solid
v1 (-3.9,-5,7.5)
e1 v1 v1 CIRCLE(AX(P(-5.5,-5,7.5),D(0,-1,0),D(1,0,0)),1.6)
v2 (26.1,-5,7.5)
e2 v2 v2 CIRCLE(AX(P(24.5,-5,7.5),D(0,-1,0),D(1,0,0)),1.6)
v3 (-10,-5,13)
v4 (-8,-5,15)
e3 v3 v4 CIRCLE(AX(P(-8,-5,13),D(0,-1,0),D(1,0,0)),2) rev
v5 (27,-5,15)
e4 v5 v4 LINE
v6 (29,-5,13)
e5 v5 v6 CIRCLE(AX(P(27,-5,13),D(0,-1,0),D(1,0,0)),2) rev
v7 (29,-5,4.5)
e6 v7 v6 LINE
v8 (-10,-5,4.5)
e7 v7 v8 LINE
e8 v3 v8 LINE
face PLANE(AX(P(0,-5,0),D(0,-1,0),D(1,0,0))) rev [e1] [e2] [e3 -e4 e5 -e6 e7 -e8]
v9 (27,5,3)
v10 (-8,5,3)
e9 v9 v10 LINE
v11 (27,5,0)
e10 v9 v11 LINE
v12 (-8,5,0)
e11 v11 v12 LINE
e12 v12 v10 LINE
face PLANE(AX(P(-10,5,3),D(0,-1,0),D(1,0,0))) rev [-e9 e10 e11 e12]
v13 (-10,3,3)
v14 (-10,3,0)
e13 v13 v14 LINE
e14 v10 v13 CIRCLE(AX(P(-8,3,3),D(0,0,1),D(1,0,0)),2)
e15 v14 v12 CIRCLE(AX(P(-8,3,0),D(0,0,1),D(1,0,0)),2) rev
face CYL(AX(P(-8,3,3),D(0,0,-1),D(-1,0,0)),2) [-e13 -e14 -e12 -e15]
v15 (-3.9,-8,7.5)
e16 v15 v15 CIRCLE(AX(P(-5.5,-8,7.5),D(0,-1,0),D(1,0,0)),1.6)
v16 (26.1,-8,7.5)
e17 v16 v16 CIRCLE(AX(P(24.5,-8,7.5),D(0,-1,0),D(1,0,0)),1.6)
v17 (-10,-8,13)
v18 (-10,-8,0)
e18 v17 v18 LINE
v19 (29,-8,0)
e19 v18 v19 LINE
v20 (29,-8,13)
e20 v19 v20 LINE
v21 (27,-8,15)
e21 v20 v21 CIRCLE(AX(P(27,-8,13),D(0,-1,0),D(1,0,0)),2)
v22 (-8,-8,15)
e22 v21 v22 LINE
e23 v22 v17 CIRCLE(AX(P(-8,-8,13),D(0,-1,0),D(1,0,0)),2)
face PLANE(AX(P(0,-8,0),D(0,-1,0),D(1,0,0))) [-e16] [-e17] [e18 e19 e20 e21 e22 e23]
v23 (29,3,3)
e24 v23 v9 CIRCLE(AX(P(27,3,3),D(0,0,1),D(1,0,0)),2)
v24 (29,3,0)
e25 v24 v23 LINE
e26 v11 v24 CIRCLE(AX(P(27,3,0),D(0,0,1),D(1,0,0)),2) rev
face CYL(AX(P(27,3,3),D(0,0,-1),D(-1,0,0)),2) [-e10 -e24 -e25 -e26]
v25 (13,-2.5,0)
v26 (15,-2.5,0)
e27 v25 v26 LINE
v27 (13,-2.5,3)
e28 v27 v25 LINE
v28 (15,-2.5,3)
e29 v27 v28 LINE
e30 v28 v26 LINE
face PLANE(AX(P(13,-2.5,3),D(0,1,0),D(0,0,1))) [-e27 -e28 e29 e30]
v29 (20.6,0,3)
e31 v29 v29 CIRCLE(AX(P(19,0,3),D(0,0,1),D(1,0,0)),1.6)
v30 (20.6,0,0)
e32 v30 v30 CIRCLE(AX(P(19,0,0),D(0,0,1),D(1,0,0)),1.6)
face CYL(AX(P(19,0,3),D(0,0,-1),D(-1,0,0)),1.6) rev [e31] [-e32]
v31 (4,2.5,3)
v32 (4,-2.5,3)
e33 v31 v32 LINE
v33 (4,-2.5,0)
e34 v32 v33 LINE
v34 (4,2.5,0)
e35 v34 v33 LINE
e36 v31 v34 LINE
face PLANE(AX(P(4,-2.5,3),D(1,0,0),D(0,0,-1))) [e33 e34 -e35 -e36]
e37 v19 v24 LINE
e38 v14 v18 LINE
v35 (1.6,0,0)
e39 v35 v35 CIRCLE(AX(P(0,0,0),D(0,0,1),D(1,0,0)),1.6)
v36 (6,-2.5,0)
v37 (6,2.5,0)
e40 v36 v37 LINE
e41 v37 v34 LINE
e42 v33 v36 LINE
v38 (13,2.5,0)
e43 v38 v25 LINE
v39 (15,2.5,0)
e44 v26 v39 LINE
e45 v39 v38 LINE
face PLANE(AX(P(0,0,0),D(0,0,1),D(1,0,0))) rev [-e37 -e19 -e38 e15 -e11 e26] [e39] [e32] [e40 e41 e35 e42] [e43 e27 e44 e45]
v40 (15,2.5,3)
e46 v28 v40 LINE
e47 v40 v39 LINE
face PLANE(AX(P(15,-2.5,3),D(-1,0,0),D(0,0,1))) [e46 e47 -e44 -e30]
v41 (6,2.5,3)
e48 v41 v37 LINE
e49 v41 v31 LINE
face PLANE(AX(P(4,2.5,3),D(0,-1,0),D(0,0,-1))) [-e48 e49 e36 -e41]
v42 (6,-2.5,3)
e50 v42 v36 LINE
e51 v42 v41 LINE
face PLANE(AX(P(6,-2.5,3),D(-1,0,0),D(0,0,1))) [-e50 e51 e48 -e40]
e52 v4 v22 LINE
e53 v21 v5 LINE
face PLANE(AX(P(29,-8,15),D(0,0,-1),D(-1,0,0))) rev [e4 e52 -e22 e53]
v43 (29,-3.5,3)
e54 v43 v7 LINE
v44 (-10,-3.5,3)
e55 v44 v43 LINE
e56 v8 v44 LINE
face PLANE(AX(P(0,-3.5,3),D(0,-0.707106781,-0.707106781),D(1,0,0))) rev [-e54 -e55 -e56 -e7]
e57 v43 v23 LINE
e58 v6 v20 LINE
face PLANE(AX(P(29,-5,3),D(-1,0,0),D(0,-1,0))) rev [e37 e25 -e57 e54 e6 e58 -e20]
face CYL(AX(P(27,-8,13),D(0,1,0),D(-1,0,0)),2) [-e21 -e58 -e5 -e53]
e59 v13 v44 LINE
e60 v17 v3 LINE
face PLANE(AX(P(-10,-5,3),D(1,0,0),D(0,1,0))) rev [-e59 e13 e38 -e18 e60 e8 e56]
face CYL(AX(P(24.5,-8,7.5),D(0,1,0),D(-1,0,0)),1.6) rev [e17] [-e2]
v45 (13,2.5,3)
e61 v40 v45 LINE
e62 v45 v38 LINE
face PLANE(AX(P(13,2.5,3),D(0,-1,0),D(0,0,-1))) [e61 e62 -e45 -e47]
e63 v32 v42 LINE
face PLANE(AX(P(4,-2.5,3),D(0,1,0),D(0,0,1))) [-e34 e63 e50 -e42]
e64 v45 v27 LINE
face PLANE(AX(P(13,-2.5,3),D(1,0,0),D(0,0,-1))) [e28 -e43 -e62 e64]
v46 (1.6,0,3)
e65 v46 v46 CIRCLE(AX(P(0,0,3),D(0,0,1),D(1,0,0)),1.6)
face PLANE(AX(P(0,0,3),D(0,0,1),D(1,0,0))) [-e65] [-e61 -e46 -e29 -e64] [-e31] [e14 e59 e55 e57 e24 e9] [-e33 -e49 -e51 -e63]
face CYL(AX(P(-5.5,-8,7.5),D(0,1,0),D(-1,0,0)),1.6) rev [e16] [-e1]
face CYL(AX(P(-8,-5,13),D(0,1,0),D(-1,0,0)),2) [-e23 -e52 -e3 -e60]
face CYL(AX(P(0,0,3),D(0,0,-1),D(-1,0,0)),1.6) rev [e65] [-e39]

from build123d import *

# Parameters (mm, degrees)
SKETCH_1_W      = 39
SKETCH_1_H      = 10
SKETCH_1_R      = 1.6
SKETCH_1_W_2    = 2
SKETCH_1_H_2    = 5
EXTRUDE_1_DEPTH = 3
SKETCH_2_W      = 39
SKETCH_2_H      = 15
SKETCH_2_R      = 1.6
EXTRUDE_2_DEPTH = 3
CHAMFER_1_SIZE  = 1.5
FILLET_1_R      = 2


with BuildPart() as part:
    # ｽｹｯﾁ1 → ﾎﾞｽ - 押し出し1 (new body)
    with BuildSketch(Plane.XY):
        with Locations((9.5, 0)):
            Rectangle(SKETCH_1_W, SKETCH_1_H)
        Circle(SKETCH_1_R, mode=Mode.SUBTRACT)
        with Locations((19, 0)):
            Circle(SKETCH_1_R, mode=Mode.SUBTRACT)
        with Locations((5, 0)):
            Rectangle(SKETCH_1_W_2, SKETCH_1_H_2, mode=Mode.SUBTRACT)
        with Locations((14, 0)):
            Rectangle(SKETCH_1_W_2, SKETCH_1_H_2, mode=Mode.SUBTRACT)
    extrude(amount=EXTRUDE_1_DEPTH)

    # ｽｹｯﾁ2 → ﾎﾞｽ - 押し出し2 (add)
    with BuildSketch(Plane.XZ.offset(5)):
        with Locations((9.5, 7.5)):
            Rectangle(SKETCH_2_W, SKETCH_2_H)
        with Locations((-5.5, 7.5)):
            Circle(SKETCH_2_R, mode=Mode.SUBTRACT)
        with Locations((24.5, 7.5)):
            Circle(SKETCH_2_R, mode=Mode.SUBTRACT)
    extrude(amount=EXTRUDE_2_DEPTH)

    # 面取り1
    chamfer_1_edges = [part.edges().sort_by_distance(p)[0] for p in [
        (9.5, -5, 3),
    ]]
    chamfer(chamfer_1_edges, length=CHAMFER_1_SIZE)

    # ﾌｨﾚｯﾄ1
    fillet_1_edges = [part.edges().sort_by_distance(p)[0] for p in [
        (29, -6.5, 15),
        (-10, -6.5, 15),
        (29, 5, 1.5),
        (-10, 5, 1.5),
    ]]
    fillet(fillet_1_edges, radius=FILLET_1_R)


solid = part.part
